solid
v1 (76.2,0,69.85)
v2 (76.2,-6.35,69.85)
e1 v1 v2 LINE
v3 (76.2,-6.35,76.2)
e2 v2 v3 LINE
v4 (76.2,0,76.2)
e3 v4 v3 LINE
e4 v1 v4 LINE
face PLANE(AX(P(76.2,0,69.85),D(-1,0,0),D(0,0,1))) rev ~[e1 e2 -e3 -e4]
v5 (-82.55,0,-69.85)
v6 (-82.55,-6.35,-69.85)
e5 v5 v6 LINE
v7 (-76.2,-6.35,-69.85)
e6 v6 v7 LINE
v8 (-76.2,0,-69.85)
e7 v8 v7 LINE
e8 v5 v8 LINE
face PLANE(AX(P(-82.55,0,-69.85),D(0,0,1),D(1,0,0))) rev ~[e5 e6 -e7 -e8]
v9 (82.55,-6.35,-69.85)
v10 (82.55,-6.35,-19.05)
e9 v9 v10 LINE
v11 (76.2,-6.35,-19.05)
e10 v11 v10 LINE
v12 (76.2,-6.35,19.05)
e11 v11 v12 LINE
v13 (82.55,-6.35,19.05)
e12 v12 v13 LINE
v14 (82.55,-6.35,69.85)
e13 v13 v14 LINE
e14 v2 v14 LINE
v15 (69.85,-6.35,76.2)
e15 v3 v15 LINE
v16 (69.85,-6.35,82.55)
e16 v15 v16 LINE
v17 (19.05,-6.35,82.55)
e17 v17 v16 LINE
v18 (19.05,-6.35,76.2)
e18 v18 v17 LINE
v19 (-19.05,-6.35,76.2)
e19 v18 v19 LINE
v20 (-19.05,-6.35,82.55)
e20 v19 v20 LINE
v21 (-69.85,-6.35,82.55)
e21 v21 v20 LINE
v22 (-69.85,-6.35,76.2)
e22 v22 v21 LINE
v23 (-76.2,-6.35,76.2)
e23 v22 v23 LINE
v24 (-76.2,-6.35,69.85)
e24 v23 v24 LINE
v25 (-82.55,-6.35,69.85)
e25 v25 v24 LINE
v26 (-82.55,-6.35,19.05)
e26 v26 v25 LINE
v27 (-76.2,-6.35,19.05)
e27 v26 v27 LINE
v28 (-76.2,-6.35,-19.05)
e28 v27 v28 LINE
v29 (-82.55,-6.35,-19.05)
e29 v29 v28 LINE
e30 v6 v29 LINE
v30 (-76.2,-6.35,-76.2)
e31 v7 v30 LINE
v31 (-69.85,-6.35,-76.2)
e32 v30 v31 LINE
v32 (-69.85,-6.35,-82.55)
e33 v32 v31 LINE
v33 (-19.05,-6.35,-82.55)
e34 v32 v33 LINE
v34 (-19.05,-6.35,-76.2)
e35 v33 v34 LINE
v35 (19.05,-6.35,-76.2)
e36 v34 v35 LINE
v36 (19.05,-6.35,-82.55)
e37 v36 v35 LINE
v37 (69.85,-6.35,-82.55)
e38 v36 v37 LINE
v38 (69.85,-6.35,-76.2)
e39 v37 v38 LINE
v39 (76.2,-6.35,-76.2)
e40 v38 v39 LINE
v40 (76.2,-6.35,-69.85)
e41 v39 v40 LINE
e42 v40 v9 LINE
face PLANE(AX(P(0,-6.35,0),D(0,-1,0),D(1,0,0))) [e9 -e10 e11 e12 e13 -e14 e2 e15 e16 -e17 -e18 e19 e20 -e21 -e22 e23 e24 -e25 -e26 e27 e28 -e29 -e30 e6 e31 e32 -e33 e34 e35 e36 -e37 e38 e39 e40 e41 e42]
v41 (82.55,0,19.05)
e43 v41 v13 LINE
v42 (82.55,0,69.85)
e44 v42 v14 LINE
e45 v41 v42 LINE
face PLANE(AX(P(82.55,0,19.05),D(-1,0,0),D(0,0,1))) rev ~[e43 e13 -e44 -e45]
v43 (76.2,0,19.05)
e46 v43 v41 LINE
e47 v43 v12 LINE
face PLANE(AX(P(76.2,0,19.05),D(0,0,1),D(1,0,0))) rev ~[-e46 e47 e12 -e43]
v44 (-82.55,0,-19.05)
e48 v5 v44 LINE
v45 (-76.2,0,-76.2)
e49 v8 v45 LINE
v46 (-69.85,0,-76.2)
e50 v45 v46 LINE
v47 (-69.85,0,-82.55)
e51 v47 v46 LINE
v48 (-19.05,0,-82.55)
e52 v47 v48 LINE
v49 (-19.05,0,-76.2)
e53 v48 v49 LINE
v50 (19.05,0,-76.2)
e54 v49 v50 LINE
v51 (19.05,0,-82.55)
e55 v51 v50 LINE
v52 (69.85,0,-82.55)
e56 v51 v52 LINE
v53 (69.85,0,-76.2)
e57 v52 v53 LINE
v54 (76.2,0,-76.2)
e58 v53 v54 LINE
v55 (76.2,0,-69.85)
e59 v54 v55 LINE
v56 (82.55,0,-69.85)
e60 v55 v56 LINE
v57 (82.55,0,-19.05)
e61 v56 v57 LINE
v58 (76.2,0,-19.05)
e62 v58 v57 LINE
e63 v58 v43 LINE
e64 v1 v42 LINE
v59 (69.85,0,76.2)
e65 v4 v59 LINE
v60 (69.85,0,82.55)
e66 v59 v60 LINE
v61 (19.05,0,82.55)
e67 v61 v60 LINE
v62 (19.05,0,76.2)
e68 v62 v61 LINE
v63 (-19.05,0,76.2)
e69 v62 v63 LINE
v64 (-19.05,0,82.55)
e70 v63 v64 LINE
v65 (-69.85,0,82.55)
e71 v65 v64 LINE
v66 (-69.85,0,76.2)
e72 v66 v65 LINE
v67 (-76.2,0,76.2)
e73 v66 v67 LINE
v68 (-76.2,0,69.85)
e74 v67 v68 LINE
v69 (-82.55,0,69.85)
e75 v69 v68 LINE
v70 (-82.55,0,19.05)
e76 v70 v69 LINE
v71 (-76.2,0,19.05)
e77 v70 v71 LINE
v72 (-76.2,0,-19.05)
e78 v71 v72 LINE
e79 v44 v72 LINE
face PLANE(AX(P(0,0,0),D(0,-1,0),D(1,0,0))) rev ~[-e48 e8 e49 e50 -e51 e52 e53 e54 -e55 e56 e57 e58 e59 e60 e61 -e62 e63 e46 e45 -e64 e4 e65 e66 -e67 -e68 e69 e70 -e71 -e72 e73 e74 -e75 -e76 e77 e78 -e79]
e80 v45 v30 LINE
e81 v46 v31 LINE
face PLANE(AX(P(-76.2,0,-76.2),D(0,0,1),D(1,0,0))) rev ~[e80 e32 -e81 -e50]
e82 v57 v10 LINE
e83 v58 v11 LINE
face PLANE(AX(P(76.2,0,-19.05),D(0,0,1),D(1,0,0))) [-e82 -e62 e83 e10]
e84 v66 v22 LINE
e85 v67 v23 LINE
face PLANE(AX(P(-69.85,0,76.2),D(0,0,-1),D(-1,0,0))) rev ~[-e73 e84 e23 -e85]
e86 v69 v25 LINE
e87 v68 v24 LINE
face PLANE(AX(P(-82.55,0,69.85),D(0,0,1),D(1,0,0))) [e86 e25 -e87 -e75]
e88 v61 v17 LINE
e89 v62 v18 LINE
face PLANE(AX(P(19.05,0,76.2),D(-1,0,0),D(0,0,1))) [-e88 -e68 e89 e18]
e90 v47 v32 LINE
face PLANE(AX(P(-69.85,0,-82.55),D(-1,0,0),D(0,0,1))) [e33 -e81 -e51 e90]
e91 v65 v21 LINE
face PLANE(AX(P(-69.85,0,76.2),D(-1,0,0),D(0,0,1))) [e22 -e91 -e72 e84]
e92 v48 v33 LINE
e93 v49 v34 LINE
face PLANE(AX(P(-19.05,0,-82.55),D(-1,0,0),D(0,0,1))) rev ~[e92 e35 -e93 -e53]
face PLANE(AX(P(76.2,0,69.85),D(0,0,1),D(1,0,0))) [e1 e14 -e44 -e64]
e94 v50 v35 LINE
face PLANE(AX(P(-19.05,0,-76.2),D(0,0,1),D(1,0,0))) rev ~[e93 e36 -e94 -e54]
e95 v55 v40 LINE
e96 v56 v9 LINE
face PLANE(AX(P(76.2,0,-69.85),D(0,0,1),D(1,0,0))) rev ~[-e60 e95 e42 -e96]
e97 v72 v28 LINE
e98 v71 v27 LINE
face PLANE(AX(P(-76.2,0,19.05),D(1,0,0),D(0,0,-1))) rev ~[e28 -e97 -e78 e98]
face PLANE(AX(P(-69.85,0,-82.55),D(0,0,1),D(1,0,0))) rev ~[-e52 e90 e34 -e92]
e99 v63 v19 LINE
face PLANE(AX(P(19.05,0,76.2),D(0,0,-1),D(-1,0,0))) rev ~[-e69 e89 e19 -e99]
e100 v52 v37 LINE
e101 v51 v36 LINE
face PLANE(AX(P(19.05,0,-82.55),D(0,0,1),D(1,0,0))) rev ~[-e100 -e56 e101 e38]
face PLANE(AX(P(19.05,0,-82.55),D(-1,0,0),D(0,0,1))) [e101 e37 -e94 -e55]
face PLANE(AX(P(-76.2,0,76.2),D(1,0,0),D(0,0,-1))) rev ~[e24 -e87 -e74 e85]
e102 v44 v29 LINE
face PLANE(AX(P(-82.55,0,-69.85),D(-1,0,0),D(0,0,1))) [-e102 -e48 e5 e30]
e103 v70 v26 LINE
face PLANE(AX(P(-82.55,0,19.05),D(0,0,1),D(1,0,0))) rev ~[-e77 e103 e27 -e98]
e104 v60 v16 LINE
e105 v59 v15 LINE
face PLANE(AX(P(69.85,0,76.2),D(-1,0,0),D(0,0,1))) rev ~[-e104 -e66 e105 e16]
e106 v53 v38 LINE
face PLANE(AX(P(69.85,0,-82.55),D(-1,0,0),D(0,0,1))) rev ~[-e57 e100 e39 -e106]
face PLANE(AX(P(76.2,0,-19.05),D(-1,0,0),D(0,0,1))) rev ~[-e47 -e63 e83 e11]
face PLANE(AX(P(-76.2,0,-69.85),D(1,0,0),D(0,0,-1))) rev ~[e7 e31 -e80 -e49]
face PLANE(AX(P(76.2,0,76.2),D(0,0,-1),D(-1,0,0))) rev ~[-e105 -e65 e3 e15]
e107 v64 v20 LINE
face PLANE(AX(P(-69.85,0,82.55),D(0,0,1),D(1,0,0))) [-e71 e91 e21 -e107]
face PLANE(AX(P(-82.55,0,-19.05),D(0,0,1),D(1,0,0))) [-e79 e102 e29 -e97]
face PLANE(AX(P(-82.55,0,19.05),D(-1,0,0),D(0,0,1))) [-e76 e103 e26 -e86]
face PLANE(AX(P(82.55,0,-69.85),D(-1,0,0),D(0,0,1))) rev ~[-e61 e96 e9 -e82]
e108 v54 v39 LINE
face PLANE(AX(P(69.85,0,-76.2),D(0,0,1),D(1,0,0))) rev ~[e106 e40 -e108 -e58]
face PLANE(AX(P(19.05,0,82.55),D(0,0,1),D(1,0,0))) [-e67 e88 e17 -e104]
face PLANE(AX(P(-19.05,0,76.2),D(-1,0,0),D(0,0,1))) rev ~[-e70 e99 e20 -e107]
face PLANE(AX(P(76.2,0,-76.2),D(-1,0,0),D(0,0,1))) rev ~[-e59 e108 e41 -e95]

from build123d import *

# Parameters (mm, degrees)
F0_W     = 50.8
F0_H     = 6.35
F0_W_2   = 6.35
F0_H_2   = 50.8
F1_DEPTH = 6.35


with BuildPart() as f1:
    # F0 (on Front) → F1 (new body)
    with BuildSketch(Plane.XZ):
        Polygon((69.85, -76.2), (76.2, -76.2), (76.2, -69.85), (76.2, -19.05), (76.2, 19.05), (76.2, 69.85), (76.2, 76.2), (69.85, 76.2), (19.05, 76.2), (-19.05, 76.2), (-69.85, 76.2), (-76.2, 76.2), (-76.2, 69.85), (-76.2, 19.05), (-76.2, -19.05), (-76.2, -69.85), (-76.2, -76.2), (-69.85, -76.2), (-19.05, -76.2), (19.05, -76.2), align=None)
        with Locations((44.45, -79.375)):
            Rectangle(F0_W, F0_H)
        with Locations((79.375, -44.45)):
            Rectangle(F0_W_2, F0_H_2)
        with Locations((-44.45, -79.375)):
            Rectangle(F0_W, F0_H)
        with Locations((79.375, 44.45)):
            Rectangle(F0_W_2, F0_H_2)
        with Locations((-79.375, -44.45)):
            Rectangle(F0_W_2, F0_H_2)
        with Locations((44.45, 79.375)):
            Rectangle(F0_W, F0_H)
        with Locations((-79.375, 44.45)):
            Rectangle(F0_W_2, F0_H_2)
        with Locations((-44.45, 79.375)):
            Rectangle(F0_W, F0_H)
    extrude(amount=F1_DEPTH)


solid = f1.part
